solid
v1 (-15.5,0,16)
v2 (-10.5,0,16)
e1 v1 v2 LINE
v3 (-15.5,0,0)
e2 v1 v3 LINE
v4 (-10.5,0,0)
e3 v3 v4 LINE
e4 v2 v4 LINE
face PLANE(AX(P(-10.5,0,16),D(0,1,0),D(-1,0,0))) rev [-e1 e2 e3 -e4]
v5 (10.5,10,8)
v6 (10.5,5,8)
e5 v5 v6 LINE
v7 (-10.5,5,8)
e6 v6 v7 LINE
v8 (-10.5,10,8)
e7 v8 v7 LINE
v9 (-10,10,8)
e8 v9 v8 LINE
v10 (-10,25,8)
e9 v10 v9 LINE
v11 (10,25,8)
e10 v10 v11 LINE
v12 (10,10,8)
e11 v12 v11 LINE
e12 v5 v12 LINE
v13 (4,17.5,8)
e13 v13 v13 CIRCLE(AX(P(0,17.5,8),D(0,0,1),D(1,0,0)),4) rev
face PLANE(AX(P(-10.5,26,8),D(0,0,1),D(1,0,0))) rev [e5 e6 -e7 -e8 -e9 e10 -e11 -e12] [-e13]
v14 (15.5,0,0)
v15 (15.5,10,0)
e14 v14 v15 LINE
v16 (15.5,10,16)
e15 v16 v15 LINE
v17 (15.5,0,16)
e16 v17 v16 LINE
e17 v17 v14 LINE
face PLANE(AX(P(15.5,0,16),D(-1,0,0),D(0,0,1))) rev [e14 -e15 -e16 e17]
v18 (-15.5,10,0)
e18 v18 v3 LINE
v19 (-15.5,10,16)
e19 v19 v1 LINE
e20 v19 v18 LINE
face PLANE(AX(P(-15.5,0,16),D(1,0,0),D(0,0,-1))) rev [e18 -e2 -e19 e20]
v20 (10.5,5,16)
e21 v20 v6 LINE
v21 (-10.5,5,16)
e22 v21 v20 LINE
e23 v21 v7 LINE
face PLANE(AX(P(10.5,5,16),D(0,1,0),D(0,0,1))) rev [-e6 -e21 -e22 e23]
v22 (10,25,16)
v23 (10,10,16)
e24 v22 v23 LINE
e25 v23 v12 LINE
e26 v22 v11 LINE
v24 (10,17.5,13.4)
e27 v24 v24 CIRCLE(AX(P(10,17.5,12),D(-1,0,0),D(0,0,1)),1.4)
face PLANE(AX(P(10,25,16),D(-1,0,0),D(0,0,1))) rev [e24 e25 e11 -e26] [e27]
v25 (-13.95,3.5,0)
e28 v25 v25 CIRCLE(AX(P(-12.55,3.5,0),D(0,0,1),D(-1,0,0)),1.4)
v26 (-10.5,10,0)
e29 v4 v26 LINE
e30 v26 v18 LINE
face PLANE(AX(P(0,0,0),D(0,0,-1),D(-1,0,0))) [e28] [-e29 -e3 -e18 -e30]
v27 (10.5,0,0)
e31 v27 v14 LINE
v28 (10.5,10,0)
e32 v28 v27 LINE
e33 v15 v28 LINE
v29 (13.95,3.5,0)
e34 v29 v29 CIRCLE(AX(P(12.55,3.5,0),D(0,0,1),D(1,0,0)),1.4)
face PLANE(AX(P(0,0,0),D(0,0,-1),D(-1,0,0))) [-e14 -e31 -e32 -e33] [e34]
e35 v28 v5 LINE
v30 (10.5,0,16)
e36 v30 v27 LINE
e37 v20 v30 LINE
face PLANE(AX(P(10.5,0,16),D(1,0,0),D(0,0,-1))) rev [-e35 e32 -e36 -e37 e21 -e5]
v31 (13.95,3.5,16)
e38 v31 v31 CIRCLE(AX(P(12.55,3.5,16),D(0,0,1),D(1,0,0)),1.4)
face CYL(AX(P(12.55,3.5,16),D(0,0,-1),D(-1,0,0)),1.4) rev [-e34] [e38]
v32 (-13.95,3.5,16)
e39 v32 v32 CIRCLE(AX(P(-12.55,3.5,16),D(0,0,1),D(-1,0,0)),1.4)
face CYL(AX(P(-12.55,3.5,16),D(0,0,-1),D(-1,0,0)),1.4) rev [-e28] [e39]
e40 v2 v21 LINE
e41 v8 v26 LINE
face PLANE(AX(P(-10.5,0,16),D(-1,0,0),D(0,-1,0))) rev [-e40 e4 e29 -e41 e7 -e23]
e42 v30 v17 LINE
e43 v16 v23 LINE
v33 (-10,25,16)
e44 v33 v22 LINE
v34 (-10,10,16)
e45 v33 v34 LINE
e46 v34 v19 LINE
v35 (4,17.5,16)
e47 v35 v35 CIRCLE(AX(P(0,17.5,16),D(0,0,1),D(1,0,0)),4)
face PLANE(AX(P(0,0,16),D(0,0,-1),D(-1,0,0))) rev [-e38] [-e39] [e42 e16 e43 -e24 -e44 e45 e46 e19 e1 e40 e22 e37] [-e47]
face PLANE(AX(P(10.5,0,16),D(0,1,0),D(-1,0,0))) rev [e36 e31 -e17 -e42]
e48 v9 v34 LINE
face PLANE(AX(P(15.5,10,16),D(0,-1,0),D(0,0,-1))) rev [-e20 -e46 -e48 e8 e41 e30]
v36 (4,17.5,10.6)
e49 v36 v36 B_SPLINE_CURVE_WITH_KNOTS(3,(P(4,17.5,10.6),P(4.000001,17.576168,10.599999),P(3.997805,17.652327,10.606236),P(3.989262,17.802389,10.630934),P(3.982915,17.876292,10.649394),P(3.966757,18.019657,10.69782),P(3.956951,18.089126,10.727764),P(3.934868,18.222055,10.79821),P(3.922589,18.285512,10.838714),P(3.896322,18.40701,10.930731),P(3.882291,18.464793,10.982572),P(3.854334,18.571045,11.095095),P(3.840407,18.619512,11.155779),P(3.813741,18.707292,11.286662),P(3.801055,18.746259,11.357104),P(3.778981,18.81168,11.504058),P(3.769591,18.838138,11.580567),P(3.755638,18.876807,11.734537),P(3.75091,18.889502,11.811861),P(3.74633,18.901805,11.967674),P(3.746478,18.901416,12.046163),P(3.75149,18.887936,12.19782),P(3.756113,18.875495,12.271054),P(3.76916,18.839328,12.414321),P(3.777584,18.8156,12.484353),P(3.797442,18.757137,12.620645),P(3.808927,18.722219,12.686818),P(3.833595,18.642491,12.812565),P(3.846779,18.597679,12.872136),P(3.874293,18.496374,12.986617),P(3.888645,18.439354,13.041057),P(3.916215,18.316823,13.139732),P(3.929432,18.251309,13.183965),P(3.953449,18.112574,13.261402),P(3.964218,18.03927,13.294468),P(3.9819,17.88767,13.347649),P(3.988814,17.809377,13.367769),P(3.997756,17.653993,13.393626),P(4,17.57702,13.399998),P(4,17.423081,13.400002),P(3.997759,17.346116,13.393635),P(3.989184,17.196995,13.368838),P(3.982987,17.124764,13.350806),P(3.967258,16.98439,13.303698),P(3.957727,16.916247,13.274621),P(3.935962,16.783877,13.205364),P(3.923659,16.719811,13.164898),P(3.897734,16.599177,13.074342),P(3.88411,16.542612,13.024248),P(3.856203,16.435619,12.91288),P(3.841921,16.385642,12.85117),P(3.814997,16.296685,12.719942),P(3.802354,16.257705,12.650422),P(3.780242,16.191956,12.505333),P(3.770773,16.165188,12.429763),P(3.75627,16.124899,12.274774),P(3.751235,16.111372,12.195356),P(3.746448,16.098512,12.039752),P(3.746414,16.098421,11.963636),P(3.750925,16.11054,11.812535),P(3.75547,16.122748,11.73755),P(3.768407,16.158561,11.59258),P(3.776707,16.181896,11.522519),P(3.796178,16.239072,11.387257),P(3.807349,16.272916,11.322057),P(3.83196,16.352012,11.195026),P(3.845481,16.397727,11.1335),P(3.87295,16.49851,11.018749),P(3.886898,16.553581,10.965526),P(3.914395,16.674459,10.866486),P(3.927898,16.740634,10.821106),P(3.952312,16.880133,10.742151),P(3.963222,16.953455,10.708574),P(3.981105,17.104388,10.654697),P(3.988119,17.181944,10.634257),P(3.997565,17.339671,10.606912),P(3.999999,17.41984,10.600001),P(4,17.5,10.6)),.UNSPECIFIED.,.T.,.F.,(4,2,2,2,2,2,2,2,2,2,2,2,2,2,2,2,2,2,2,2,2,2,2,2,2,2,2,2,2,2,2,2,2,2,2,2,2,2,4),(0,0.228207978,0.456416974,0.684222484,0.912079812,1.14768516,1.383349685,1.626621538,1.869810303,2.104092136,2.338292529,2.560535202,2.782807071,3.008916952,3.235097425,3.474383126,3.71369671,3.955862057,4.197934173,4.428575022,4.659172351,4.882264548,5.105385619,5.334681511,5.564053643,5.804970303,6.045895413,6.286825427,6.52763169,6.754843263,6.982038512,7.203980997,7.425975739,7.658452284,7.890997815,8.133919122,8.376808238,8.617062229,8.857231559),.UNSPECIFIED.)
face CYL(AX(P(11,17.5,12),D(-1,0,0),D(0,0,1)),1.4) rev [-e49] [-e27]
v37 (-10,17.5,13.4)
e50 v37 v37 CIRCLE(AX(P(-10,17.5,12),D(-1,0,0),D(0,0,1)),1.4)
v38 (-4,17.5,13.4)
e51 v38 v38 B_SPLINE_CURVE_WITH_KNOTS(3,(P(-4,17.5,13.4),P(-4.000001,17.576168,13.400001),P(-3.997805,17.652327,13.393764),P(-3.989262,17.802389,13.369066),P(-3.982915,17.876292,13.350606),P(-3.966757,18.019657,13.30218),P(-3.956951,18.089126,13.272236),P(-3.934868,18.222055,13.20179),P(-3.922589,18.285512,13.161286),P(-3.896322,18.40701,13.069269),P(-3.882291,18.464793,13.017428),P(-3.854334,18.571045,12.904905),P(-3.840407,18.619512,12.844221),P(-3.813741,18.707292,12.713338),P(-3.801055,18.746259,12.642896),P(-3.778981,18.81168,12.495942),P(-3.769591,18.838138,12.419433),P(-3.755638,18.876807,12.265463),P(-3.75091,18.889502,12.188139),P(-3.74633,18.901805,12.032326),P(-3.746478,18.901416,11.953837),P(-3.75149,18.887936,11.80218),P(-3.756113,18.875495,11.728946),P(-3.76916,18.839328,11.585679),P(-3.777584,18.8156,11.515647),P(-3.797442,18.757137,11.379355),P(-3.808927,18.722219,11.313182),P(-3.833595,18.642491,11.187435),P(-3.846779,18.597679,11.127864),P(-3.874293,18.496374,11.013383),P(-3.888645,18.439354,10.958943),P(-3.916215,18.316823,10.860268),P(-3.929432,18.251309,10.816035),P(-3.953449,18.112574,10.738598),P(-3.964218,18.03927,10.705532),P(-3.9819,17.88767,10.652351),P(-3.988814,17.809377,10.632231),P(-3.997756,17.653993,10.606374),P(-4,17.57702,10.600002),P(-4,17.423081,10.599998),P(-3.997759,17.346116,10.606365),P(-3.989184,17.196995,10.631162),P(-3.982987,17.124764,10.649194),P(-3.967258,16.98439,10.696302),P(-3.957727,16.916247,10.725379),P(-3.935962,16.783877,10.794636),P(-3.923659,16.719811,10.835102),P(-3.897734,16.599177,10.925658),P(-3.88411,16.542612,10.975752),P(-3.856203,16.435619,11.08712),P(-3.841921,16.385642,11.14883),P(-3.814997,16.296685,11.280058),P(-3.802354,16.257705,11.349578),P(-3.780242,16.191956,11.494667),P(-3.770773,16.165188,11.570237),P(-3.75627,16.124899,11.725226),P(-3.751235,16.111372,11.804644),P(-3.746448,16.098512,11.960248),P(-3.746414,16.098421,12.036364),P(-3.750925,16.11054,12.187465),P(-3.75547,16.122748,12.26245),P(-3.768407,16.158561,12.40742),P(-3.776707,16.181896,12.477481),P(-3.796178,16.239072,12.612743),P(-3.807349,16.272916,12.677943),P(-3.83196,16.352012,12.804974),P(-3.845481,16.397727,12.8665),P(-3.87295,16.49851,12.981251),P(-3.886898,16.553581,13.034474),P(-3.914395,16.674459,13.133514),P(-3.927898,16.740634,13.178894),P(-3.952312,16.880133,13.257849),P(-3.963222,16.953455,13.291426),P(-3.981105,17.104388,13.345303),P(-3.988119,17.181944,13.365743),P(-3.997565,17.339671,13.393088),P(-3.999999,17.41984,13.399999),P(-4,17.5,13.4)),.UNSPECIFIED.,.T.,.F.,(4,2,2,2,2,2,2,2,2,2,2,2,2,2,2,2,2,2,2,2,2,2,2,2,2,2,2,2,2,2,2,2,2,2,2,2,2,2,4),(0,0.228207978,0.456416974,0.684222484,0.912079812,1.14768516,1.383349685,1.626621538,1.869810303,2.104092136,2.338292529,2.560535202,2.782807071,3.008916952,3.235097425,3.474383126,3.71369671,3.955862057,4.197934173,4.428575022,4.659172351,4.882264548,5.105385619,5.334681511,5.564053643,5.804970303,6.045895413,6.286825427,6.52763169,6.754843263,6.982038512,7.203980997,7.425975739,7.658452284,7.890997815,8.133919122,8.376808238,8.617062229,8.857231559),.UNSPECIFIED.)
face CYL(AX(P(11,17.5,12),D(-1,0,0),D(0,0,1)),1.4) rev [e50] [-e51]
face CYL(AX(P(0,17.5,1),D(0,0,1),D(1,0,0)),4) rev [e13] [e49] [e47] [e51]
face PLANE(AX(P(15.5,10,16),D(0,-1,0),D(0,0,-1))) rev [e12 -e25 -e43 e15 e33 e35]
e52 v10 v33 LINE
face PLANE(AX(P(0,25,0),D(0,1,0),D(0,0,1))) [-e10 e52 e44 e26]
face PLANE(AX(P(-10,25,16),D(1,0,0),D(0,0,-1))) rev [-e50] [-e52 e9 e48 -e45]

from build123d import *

# Parameters (mm, degrees)
ESQUISSE1_R             = 1.4
BOSS_EXTRU_1_DEPTH      = 16
ESQUISSE2_W             = 20
ESQUISSE2_H             = 16
BOSS_EXTRU_2_DEPTH      = 15
ESQUISSE3_R             = 4
ENL_V_MAT_EXTRU_1_DEPTH = 15
ESQUISSE4_W             = 21
ESQUISSE4_H             = 8
ENL_V_MAT_EXTRU_2_DEPTH = 21
ESQUISSE5_R             = 1.4
ENL_V_MAT_EXTRU_3_DEPTH = 21


with BuildPart() as part:
    # Esquisse1 → Boss.-Extru.1 (new body)
    with BuildSketch(Plane.XY):
        Polygon((15.5, 10), (-15.5, 10), (-15.5, 0), (-10.5, 0), (-10.5, 5), (10.5, 5), (10.5, 0), (15.5, 0), align=None)
        with Locations((12.55, 3.5)):
            Circle(ESQUISSE1_R, mode=Mode.SUBTRACT)
        with Locations((-12.55, 3.5)):
            Circle(ESQUISSE1_R, mode=Mode.SUBTRACT)
    extrude(amount=BOSS_EXTRU_1_DEPTH)

    # Esquisse2 → Boss.-Extru.2 (add)
    with BuildSketch(Plane(origin=(0, 10, 0), x_dir=(1, 0, 0), z_dir=(0, 1, 0))):
        with Locations((0, -8)):
            Rectangle(ESQUISSE2_W, ESQUISSE2_H)
    extrude(amount=BOSS_EXTRU_2_DEPTH)

    # Esquisse3 → Enlèv. mat.-Extru.1 (cut)
    with BuildSketch(Plane.XY.offset(16)):
        with Locations((0, 17.5)):
            Circle(ESQUISSE3_R)
    extrude(amount=-ENL_V_MAT_EXTRU_1_DEPTH, mode=Mode.SUBTRACT)

    # Esquisse4 → Enlèv. mat.-Extru.2 (cut)
    with BuildSketch(Plane.XZ.offset(-5)):
        with Locations((0, 4)):
            Rectangle(ESQUISSE4_W, ESQUISSE4_H)
    extrude(amount=-ENL_V_MAT_EXTRU_2_DEPTH, mode=Mode.SUBTRACT)

    # Esquisse5 → Enlèv. mat.-Extru.3 (cut)
    with BuildSketch(Plane.ZY.offset(10)):
        with Locations((12, 17.5)):
            Circle(ESQUISSE5_R)
    extrude(amount=-ENL_V_MAT_EXTRU_3_DEPTH, mode=Mode.SUBTRACT)


solid = part.part
